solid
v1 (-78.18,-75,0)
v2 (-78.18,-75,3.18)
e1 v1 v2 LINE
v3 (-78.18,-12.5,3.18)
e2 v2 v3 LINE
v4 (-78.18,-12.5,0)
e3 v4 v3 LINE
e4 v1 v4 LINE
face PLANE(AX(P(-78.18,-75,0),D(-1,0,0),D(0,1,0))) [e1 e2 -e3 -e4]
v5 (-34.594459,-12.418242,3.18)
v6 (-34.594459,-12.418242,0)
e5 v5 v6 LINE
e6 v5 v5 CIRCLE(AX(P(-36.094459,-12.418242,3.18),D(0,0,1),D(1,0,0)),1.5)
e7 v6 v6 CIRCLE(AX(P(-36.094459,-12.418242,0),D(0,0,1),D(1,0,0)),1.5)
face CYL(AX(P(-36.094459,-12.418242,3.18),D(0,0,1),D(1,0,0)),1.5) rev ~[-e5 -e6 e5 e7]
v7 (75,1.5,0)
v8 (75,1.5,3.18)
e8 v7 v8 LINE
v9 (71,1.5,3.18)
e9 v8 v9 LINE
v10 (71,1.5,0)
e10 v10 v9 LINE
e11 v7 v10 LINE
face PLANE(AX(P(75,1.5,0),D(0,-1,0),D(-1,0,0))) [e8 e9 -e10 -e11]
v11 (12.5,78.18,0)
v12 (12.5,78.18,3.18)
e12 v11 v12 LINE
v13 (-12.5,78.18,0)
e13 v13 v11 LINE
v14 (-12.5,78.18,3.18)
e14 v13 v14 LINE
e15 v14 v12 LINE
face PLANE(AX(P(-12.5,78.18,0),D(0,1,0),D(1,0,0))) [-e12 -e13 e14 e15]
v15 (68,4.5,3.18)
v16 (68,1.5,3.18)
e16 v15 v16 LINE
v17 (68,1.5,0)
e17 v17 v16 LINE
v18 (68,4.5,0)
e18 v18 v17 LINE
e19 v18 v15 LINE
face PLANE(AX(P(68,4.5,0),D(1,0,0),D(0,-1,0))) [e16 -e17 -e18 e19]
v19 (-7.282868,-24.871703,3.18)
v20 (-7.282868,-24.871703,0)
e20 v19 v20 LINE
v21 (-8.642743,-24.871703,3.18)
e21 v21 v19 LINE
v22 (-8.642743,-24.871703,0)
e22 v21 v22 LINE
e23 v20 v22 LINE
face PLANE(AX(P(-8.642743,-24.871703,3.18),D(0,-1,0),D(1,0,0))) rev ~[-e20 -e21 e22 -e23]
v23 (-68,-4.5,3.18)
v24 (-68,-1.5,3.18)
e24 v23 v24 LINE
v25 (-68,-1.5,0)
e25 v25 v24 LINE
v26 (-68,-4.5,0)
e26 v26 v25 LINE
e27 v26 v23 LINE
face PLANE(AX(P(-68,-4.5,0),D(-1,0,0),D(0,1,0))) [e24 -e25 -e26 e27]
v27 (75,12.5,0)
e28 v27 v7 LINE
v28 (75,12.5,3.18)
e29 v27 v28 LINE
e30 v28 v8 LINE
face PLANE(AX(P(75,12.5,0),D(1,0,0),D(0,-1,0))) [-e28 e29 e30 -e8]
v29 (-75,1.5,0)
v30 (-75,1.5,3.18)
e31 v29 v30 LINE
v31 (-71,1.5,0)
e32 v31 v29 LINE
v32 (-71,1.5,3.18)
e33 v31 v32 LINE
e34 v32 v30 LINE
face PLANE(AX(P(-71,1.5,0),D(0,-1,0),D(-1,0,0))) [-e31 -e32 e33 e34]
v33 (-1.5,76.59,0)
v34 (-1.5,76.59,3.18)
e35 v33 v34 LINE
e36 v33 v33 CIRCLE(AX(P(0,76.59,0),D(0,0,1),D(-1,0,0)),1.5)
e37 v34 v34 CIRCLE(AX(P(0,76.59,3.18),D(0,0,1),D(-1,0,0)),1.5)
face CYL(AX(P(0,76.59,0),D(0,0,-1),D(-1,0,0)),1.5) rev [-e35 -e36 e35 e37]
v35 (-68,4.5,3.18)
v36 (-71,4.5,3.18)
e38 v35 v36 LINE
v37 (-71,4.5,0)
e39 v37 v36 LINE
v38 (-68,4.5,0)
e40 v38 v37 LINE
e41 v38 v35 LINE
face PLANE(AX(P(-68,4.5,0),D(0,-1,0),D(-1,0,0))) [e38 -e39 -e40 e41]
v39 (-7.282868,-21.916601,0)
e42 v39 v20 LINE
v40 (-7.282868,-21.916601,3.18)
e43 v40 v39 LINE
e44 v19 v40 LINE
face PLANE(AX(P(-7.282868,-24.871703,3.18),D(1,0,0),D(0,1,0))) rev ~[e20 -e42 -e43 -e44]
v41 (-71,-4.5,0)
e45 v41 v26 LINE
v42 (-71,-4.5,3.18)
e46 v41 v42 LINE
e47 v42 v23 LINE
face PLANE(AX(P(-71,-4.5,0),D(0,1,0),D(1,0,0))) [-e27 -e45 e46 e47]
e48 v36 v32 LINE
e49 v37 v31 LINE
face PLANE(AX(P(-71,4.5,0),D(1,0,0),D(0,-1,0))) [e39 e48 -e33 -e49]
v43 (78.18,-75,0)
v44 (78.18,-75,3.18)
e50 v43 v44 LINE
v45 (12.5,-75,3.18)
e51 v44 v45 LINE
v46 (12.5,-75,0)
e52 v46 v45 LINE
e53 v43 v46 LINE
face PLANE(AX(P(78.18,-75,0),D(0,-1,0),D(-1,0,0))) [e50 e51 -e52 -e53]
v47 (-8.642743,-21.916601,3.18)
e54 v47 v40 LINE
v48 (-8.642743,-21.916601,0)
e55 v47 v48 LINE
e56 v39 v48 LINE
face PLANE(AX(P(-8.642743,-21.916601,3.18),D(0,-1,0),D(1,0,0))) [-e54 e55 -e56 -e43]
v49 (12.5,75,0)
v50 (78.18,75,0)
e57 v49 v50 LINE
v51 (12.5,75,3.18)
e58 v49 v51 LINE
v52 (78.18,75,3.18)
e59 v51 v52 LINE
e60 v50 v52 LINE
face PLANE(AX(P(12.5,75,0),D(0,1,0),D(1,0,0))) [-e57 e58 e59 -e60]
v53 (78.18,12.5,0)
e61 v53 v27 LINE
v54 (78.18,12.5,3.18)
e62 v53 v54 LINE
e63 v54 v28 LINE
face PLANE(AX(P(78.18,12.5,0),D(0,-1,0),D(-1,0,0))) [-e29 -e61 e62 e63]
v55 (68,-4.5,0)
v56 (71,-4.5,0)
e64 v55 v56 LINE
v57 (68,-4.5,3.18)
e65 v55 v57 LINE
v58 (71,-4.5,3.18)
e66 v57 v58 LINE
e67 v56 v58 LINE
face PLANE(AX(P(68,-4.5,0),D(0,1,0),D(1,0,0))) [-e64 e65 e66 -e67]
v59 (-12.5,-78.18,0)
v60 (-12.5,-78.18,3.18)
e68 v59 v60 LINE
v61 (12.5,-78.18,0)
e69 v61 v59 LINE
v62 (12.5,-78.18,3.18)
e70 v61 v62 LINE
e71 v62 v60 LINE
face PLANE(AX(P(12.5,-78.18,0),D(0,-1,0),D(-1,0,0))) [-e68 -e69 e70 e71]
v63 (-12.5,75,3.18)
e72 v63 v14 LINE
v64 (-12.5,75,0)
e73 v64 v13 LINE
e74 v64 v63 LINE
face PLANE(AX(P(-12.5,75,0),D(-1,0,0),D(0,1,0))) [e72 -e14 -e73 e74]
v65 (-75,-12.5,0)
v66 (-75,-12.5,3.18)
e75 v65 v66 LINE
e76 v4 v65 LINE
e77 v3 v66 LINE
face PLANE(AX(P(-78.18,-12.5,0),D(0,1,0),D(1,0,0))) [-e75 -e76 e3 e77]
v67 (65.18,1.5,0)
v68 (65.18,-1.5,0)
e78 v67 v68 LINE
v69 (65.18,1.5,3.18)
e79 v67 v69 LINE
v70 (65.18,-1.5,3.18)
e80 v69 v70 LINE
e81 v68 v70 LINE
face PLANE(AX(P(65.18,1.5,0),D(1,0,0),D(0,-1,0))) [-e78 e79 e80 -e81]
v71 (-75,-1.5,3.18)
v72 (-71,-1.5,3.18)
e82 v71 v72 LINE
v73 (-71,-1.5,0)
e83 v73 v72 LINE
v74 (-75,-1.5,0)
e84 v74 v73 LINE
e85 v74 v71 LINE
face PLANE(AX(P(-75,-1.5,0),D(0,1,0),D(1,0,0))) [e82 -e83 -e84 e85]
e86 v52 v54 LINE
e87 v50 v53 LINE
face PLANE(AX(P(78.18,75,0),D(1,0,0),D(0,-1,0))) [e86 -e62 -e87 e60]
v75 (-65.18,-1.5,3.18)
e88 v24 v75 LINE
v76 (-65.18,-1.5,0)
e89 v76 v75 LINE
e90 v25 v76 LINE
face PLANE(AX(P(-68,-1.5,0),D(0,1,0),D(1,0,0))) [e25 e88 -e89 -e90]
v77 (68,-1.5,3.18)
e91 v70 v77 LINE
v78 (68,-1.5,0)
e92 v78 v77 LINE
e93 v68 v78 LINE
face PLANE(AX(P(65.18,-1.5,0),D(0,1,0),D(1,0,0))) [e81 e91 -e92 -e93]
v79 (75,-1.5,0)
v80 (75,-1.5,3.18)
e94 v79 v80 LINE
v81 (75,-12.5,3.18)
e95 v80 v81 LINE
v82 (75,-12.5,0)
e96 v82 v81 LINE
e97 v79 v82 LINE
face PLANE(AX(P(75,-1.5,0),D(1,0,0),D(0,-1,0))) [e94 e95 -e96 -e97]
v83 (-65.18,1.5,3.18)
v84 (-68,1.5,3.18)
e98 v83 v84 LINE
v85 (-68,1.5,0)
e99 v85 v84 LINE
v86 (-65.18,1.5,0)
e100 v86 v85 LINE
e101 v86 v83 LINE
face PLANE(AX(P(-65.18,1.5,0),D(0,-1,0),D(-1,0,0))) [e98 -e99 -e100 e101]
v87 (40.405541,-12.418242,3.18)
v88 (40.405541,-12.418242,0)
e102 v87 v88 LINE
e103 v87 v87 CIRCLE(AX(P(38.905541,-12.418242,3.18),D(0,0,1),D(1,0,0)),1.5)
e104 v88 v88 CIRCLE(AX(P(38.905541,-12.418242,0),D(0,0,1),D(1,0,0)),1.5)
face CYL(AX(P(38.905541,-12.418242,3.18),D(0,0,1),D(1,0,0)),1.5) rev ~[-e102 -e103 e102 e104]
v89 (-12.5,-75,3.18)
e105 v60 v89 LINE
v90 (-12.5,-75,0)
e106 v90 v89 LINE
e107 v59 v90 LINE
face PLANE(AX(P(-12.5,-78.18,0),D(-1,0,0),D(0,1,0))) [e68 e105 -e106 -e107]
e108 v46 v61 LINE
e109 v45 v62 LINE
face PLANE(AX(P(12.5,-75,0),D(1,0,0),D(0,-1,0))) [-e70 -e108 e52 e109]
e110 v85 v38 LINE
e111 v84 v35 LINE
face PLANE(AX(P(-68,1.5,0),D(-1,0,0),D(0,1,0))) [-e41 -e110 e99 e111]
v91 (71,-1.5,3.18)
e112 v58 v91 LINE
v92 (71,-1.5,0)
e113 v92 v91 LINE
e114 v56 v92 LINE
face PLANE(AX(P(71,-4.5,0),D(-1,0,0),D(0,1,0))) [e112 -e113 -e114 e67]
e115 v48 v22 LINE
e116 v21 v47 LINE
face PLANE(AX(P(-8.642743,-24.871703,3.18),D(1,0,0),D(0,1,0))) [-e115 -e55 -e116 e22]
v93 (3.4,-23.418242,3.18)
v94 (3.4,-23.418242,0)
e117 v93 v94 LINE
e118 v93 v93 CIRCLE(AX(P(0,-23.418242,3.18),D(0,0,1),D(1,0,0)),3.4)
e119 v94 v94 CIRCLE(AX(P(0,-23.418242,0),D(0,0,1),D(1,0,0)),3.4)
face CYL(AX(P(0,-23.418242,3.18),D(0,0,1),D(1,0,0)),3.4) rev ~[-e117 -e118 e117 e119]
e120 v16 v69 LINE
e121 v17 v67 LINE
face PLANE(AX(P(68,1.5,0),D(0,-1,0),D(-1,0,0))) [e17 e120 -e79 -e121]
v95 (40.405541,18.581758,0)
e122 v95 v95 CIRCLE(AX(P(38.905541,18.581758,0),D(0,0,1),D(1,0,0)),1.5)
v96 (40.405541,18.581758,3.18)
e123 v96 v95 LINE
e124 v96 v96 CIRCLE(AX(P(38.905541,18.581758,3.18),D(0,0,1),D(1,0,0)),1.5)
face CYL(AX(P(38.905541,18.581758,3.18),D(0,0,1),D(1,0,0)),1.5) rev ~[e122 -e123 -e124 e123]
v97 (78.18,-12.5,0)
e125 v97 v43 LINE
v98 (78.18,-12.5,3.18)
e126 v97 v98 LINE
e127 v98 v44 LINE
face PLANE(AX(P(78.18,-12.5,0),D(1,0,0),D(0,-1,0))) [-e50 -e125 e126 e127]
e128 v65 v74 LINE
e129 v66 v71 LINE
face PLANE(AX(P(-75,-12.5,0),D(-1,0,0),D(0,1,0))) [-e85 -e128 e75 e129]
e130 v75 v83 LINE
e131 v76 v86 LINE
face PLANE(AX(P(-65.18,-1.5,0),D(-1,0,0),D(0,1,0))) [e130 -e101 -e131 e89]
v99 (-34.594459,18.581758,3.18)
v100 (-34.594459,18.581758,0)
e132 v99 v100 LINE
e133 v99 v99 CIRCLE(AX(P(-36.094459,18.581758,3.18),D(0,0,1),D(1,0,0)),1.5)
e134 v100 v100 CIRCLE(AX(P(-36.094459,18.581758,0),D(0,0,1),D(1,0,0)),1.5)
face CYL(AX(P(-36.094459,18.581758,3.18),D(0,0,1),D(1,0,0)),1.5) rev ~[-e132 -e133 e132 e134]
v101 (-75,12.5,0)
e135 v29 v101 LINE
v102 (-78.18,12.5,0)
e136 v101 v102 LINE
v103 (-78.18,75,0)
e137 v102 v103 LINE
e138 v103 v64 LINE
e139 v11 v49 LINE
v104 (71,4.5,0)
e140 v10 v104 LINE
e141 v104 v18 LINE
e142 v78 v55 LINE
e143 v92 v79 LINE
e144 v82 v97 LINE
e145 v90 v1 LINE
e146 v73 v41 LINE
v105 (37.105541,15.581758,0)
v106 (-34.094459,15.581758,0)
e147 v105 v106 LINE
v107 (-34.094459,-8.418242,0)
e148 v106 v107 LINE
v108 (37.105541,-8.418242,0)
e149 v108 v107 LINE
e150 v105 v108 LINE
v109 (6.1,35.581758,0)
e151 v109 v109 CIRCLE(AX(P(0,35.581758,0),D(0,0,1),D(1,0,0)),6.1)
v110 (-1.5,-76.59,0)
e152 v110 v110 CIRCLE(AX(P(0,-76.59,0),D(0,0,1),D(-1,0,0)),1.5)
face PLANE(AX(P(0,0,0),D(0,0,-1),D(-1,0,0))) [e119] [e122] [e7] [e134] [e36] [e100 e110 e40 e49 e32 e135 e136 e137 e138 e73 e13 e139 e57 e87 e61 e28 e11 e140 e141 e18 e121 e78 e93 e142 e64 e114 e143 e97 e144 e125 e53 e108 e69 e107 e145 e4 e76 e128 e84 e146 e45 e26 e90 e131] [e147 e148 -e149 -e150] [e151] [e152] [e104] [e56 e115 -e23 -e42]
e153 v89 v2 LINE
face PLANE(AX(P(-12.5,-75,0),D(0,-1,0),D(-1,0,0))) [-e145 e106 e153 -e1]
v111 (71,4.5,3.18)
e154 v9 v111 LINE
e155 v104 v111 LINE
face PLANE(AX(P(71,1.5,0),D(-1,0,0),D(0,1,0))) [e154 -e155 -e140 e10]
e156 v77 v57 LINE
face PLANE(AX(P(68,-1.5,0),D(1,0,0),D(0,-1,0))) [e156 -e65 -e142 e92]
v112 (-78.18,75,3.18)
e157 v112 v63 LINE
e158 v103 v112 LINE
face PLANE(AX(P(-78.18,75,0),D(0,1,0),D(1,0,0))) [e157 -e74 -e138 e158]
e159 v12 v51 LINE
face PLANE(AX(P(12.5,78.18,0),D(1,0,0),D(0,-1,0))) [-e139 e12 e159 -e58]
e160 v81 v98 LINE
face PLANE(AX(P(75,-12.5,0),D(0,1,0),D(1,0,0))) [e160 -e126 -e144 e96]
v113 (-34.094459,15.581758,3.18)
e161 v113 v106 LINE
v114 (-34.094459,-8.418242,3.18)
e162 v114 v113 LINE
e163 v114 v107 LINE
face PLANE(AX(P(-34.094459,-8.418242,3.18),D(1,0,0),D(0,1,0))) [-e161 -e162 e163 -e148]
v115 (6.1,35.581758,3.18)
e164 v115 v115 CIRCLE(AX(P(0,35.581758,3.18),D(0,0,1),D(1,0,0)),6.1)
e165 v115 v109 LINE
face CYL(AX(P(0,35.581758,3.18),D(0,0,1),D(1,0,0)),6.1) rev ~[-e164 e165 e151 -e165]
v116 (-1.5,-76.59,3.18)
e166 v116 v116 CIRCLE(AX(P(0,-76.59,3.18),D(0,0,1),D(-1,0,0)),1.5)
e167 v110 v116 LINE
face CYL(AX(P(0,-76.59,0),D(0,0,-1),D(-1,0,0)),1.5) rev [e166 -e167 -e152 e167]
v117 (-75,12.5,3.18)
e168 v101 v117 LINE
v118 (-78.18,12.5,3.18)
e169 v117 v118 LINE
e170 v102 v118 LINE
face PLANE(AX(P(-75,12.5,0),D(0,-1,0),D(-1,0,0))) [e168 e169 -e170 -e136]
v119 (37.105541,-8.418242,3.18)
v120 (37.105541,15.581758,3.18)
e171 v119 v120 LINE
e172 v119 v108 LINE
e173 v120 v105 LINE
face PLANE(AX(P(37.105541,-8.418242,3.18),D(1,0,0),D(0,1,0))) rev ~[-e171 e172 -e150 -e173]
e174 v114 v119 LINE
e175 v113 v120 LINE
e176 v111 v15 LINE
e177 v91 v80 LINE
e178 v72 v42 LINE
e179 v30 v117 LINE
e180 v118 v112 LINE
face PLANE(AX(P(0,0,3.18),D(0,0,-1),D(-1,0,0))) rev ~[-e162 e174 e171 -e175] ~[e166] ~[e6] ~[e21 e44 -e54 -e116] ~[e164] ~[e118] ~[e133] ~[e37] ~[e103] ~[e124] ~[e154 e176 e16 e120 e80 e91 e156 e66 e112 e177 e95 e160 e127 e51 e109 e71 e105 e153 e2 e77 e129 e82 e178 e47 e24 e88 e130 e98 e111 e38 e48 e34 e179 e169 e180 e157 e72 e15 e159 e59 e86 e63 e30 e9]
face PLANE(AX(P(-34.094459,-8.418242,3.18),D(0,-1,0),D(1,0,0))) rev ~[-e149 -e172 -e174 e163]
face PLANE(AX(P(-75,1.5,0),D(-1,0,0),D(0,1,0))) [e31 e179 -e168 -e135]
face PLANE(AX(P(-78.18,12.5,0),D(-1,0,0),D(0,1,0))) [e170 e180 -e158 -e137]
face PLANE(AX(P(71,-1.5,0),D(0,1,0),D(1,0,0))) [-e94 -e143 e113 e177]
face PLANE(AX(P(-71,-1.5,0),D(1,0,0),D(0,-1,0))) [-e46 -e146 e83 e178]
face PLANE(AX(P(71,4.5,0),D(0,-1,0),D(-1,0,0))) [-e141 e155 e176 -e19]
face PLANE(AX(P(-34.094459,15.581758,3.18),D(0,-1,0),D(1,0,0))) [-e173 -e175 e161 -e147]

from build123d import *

# Parameters (mm, degrees)
SKETCH1_R           = 1.5
BOSS_EXTRUDE1_DEPTH = 3.18
SKETCH6_R           = 1.5
SKETCH6_W           = 71.2
SKETCH6_H           = 24
CUT_EXTRUDE2_DEPTH  = 10
SKETCH7_R           = 3.4
CUT_EXTRUDE3_DEPTH  = 10
SKETCH8_R           = 6.1
CUT_EXTRUDE4_DEPTH  = 10
SKETCH9_W           = 1.359875129
SKETCH9_H           = 2.955102212
CUT_EXTRUDE5_DEPTH  = 10


with BuildPart() as part:
    # Sketch1 → Boss-Extrude1 (new body)
    with BuildSketch(Plane.XY):
        Polygon((-78.18, 75), (-12.5, 75), (-12.5, 78.18), (12.5, 78.18), (12.5, 75), (78.18, 75), (78.18, 12.5), (75, 12.5), (75, 1.5), (71, 1.5), (71, 4.5), (68, 4.5), (68, 1.5), (65.18, 1.5), (65.18, -1.5), (68, -1.5), (68, -4.5), (71, -4.5), (71, -1.5), (75, -1.5), (75, -12.5), (78.18, -12.5), (78.18, -75), (12.5, -75), (12.5, -78.18), (-12.5, -78.18), (-12.5, -75), (-78.18, -75), (-78.18, -12.5), (-75, -12.5), (-75, -1.5), (-71, -1.5), (-71, -4.5), (-68, -4.5), (-68, -1.5), (-65.18, -1.5), (-65.18, 1.5), (-68, 1.5), (-68, 4.5), (-71, 4.5), (-71, 1.5), (-75, 1.5), (-75, 12.5), (-78.18, 12.5), align=None)
        with Locations(Location((0, -76.59, 0), (0, 0, 180))):
            Circle(SKETCH1_R, mode=Mode.SUBTRACT)
        with Locations(Location((0, 76.59, 0), (0, 0, 180))):
            Circle(SKETCH1_R, mode=Mode.SUBTRACT)
    extrude(amount=BOSS_EXTRUDE1_DEPTH)

    # Sketch6 → Cut-Extrude2 (cut)
    with BuildSketch(Plane.XY.offset(3.18)):
        with Locations((-36.094459363, 18.581758052)):
            Circle(SKETCH6_R)
        with Locations((-36.094459363, -12.418241948)):
            Circle(SKETCH6_R)
        with Locations((38.905540637, -12.418241948)):
            Circle(SKETCH6_R)
        with Locations((38.905540637, 18.581758052)):
            Circle(SKETCH6_R)
        with Locations((1.505540637, 3.581758052)):
            Rectangle(SKETCH6_W, SKETCH6_H)
    extrude(amount=-CUT_EXTRUDE2_DEPTH, mode=Mode.SUBTRACT)

    # Sketch7 → Cut-Extrude3 (cut)
    with BuildSketch(Plane.XY.offset(3.18)):
        with Locations((0, -23.418241948)):
            Circle(SKETCH7_R)
    extrude(amount=-CUT_EXTRUDE3_DEPTH, mode=Mode.SUBTRACT)

    # Sketch8 → Cut-Extrude4 (cut)
    with BuildSketch(Plane.XY.offset(3.18)):
        with Locations((0, 35.581758052)):
            Circle(SKETCH8_R)
    extrude(amount=-CUT_EXTRUDE4_DEPTH, mode=Mode.SUBTRACT)

    # Sketch9 → Cut-Extrude5 (cut)
    with BuildSketch(Plane.XY.offset(3.18)):
        with Locations((-7.96280577, -23.394151807)):
            Rectangle(SKETCH9_W, SKETCH9_H)
    extrude(amount=-CUT_EXTRUDE5_DEPTH, mode=Mode.SUBTRACT)


solid = part.part
